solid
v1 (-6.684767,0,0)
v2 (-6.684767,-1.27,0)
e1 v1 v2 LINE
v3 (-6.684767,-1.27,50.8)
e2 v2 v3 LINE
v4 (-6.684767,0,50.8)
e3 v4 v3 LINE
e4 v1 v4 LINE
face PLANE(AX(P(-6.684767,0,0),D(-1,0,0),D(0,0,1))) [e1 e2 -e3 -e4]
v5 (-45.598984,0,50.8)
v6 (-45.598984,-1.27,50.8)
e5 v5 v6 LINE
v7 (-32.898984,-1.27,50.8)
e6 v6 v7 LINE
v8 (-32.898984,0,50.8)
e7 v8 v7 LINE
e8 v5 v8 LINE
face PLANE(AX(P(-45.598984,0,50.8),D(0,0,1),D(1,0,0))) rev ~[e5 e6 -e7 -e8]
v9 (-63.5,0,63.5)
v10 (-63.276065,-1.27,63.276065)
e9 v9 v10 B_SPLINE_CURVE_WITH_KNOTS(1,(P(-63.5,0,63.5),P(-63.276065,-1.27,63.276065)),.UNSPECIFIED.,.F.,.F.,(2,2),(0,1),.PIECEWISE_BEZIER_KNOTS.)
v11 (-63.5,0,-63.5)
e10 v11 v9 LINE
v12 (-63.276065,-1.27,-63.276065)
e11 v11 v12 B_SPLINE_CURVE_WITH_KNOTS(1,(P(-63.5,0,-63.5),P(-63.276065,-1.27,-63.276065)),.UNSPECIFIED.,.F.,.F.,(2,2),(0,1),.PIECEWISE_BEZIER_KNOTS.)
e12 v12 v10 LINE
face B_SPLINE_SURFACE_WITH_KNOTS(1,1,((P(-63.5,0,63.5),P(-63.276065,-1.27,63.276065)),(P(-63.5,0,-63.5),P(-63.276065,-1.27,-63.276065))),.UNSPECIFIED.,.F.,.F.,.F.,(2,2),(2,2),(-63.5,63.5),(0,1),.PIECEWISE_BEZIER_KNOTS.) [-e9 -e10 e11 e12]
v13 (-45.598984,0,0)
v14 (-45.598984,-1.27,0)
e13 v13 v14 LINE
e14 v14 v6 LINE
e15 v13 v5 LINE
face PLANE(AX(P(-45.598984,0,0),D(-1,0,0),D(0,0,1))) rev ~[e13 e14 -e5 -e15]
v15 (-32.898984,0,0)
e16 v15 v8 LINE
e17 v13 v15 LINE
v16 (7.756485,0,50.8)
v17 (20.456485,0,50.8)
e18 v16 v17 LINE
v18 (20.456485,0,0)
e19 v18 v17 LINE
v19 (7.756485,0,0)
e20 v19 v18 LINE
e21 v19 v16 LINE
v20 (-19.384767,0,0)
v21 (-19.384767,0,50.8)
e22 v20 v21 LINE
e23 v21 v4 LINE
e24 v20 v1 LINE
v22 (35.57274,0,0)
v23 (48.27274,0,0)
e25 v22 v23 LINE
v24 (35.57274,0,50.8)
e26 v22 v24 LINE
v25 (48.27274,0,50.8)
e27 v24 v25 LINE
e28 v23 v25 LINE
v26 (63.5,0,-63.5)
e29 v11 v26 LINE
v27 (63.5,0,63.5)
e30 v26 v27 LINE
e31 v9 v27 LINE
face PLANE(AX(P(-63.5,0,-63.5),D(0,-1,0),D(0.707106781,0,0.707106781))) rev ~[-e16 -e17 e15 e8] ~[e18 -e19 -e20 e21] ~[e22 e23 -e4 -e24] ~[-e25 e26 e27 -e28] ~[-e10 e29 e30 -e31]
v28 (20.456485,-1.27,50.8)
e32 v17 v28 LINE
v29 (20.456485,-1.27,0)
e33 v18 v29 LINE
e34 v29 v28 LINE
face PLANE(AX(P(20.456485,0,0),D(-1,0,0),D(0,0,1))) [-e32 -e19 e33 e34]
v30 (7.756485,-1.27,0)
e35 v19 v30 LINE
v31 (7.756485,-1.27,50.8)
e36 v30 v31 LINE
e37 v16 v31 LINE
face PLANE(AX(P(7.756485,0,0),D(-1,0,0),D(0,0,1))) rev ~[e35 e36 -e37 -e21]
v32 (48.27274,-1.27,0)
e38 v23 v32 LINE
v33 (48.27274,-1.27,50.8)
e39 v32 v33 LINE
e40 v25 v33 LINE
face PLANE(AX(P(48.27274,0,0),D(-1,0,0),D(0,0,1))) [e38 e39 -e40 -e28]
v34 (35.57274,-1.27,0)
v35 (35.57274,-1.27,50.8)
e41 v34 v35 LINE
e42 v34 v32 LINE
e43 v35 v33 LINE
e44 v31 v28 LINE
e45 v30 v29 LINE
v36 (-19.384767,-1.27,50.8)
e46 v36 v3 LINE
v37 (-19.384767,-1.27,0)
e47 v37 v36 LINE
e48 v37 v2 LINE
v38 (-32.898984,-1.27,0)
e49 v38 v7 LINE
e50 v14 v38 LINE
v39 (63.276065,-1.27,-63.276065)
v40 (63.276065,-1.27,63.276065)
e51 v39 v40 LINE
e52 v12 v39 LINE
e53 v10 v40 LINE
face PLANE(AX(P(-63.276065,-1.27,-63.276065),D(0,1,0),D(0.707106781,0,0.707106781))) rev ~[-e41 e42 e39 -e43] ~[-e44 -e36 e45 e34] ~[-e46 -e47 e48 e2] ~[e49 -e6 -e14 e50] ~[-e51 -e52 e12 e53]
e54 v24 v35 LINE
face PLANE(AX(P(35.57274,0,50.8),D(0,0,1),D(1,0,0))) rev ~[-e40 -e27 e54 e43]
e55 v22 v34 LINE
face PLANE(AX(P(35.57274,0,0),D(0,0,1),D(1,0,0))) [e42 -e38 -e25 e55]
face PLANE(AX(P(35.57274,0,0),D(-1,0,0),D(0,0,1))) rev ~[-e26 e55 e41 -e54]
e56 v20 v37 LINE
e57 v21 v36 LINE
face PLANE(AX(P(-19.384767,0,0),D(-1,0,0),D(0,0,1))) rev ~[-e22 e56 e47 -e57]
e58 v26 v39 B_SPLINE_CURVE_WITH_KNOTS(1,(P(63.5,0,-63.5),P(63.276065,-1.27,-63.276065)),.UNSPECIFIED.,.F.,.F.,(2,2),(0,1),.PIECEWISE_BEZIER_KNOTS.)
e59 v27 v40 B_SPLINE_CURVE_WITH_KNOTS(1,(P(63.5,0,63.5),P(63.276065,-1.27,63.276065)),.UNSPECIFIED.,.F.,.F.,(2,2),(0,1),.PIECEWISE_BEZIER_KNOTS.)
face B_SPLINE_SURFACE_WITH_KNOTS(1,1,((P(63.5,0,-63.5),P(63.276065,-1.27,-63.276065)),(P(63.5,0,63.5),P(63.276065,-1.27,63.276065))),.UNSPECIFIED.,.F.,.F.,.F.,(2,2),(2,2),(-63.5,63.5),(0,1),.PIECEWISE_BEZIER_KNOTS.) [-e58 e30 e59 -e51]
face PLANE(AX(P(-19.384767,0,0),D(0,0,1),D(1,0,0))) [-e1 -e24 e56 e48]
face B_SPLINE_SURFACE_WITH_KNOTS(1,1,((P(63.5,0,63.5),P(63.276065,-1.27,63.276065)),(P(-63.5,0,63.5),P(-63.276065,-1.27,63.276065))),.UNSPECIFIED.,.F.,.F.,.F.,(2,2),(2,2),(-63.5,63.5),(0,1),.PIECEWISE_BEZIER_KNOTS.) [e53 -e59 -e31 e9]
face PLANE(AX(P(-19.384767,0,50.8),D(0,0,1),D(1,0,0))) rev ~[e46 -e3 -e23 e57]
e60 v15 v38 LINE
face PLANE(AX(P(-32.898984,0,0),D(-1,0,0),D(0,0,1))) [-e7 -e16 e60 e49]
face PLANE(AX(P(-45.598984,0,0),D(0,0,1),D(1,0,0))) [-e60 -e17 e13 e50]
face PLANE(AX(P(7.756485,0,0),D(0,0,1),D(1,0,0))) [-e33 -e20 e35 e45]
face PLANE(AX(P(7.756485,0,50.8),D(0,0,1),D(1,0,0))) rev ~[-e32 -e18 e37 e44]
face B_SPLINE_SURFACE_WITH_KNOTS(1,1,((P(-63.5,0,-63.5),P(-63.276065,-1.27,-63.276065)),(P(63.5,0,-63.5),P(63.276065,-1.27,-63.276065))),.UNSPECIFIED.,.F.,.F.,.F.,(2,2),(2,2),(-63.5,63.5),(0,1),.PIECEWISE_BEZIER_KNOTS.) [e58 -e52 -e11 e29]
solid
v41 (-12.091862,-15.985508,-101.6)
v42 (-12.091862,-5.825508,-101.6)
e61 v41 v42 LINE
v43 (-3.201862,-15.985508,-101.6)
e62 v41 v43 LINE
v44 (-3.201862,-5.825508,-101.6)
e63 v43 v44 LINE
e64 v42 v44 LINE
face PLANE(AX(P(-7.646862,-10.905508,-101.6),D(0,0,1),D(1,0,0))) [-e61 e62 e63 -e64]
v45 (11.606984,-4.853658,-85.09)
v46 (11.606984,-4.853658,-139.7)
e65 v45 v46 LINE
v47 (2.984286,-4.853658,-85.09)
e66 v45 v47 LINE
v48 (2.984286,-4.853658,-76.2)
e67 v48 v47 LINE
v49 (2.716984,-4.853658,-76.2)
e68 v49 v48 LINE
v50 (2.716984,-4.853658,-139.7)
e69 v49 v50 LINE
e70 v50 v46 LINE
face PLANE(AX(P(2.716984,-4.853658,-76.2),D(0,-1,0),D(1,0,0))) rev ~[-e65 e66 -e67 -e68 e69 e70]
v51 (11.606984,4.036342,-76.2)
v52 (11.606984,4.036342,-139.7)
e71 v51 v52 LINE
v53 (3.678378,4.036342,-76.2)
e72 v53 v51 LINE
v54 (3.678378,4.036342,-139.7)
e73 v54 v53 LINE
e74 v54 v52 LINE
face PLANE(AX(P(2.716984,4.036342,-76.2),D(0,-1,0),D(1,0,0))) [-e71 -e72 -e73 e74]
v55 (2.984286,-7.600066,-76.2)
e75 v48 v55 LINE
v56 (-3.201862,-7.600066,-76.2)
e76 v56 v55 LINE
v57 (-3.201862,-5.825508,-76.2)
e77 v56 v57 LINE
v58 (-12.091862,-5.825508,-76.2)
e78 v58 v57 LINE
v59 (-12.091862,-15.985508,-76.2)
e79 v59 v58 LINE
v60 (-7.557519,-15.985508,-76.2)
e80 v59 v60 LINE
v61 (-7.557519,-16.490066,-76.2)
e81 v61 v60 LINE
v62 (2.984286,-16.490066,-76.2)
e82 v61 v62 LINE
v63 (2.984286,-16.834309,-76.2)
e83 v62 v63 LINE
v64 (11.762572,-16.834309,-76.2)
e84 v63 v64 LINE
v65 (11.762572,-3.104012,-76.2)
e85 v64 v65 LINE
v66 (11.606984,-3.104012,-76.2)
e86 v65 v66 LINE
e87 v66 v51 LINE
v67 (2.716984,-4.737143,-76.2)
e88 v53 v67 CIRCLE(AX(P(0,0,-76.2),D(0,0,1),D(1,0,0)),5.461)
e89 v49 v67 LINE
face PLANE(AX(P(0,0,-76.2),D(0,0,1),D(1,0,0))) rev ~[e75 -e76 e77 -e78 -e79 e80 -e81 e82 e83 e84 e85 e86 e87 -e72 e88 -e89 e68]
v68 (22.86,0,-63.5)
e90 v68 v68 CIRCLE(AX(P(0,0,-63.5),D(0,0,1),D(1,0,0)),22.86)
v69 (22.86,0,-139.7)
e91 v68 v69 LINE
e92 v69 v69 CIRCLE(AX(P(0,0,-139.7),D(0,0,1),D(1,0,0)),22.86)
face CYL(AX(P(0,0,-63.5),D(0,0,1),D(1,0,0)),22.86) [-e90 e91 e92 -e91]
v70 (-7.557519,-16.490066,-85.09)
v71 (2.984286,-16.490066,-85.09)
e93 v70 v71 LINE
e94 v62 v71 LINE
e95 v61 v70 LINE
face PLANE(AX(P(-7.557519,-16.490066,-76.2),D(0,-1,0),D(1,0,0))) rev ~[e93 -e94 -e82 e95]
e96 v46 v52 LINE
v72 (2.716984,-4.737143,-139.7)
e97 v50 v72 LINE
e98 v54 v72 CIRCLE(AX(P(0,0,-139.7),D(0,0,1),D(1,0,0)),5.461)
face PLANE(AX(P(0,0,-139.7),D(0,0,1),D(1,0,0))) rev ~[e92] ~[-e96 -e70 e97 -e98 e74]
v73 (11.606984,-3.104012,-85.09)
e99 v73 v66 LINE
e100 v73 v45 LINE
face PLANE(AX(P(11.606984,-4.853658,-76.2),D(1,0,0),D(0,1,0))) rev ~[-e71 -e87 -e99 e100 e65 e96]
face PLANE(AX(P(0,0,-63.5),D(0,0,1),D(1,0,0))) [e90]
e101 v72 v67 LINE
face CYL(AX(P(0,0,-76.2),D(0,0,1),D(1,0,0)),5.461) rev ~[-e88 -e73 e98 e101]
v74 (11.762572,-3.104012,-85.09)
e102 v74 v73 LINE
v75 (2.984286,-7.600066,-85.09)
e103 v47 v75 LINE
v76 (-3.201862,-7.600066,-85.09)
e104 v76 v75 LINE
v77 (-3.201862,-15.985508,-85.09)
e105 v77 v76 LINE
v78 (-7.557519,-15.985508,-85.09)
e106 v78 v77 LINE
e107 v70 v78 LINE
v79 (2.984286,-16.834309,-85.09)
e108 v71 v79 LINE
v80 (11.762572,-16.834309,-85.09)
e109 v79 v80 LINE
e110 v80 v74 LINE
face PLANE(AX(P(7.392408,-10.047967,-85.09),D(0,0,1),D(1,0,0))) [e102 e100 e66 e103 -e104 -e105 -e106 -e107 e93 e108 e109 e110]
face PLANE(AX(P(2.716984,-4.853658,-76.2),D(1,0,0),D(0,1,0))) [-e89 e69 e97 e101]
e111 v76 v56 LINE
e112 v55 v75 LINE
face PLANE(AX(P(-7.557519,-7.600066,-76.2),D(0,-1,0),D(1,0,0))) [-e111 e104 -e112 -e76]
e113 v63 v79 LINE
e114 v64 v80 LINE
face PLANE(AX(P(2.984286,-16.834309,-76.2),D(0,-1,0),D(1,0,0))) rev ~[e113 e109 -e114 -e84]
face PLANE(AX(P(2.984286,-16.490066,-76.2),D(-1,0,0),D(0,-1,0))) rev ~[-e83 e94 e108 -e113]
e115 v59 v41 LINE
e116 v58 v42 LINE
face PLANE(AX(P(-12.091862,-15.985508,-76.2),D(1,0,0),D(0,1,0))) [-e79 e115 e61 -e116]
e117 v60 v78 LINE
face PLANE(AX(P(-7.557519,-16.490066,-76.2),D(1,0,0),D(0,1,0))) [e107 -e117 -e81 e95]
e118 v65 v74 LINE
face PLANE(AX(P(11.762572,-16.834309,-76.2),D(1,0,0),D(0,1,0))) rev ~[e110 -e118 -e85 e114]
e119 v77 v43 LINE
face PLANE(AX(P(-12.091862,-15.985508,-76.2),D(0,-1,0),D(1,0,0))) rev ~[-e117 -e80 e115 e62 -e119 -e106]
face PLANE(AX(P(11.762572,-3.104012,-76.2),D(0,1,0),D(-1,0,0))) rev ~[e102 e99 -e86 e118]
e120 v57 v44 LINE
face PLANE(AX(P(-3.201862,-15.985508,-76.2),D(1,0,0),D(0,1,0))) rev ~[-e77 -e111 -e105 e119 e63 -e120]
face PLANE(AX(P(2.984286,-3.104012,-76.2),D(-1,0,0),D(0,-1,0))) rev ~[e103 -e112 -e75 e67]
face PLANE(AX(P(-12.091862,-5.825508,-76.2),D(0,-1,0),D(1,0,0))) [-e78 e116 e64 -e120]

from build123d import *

# Parameters (mm, degrees)
F0_W      = 127
F0_H      = 127
F1_DEPTH  = 1.27
F1_TAPER  = 10
F2_W      = 12.7
F2_H      = 50.8
F3_DEPTH  = 25.4
F4_W      = 12.7
F4_H      = 50.8
F5_DEPTH  = 25.4
F6_W      = 12.7
F6_H      = 50.8
F7_DEPTH  = 25.4
F9_R      = 22.86
F10_DEPTH = 76.2
F12_R     = 5.461
F13_DEPTH = 69.85
F14_W     = 8.89
F14_H     = 8.89
F15_DEPTH = 63.5
F16_W     = 10.5418048302
F16_H     = 8.89
F16_W_2   = 0.8881951698
F17_DEPTH = 8.89
F18_W     = 8.89
F18_H     = 10.16
F19_DEPTH = 25.4
F20_W     = 12.7
F20_H     = 50.8
F21_DEPTH = 25.4


with BuildPart() as f1:
    # F0 (on Front) → F1 (new body)
    with BuildSketch(Plane.XZ):
        Rectangle(F0_W, F0_H)
    extrude(amount=F1_DEPTH, taper=F1_TAPER)

    # F2 (on Front) → F3 (cut)
    with BuildSketch(Plane.XZ):
        with Locations((-39.2489836045, 25.4)):
            Rectangle(F2_W, F2_H)
    extrude(amount=F3_DEPTH, mode=Mode.SUBTRACT)

    # F4 (on Front) → F5 (cut)
    with BuildSketch(Plane.XZ):
        with Locations((-13.0347667253, 25.4)):
            Rectangle(F4_W, F4_H)
    extrude(amount=F5_DEPTH, mode=Mode.SUBTRACT)

    # F6 (on Front) → F7 (cut)
    with BuildSketch(Plane.XZ):
        with Locations((14.1064846767, 25.4)):
            Rectangle(F6_W, F6_H)
    extrude(amount=F7_DEPTH, mode=Mode.SUBTRACT)

    # F20 (on Front) → F21 (cut)
    with BuildSketch(Plane.XZ):
        with Locations((41.9227403533, 25.4)):
            Rectangle(F20_W, F20_H)
    extrude(amount=F21_DEPTH, mode=Mode.SUBTRACT)


with BuildPart() as f10:
    # F9 (on offset) → F10 (new body)
    with BuildSketch(Plane.XY.offset(-63.5)):
        Circle(F9_R)
    extrude(amount=-F10_DEPTH)

    # F12 (on offset) → F13 (cut)
    with BuildSketch(Plane.XY.offset(-76.2)):
        Circle(F12_R)
    extrude(amount=-F13_DEPTH, mode=Mode.SUBTRACT)

    # F14 (on offset) → F15 (cut)
    with BuildSketch(Plane.XY.offset(-76.2)):
        with Locations((7.1619835918, -0.4086584279)):
            Rectangle(F14_W, F14_H)
    extrude(amount=-F15_DEPTH, mode=Mode.SUBTRACT)

    # F16 (on offset) → F17 (cut)
    with BuildSketch(Plane.XY.offset(-76.2)):
        Polygon((2.9842855466, -16.4900656129), (2.9842855466, -16.8343085844), (11.7625715211, -16.8343085844), (11.7625715211, -3.1040124595), (2.9842855466, -3.1040124595), (2.9842855466, -7.6000656129), (3.8724807164, -7.6000656129), (3.8724807164, -16.4900656129), align=None)
        with Locations((-2.2866168685, -12.0450656129)):
            Rectangle(F16_W, F16_H)
        with Locations((3.4283831315, -12.0450656129)):
            Rectangle(F16_W_2, F16_H)
    extrude(amount=-F17_DEPTH, mode=Mode.SUBTRACT)

    # F18 (on offset) → F19 (cut)
    with BuildSketch(Plane.XY.offset(-76.2)):
        with Locations((-7.6468620378, -10.9055079202)):
            Rectangle(F18_W, F18_H)
    extrude(amount=-F19_DEPTH, mode=Mode.SUBTRACT)


solid = Compound([f1.part, f10.part])
